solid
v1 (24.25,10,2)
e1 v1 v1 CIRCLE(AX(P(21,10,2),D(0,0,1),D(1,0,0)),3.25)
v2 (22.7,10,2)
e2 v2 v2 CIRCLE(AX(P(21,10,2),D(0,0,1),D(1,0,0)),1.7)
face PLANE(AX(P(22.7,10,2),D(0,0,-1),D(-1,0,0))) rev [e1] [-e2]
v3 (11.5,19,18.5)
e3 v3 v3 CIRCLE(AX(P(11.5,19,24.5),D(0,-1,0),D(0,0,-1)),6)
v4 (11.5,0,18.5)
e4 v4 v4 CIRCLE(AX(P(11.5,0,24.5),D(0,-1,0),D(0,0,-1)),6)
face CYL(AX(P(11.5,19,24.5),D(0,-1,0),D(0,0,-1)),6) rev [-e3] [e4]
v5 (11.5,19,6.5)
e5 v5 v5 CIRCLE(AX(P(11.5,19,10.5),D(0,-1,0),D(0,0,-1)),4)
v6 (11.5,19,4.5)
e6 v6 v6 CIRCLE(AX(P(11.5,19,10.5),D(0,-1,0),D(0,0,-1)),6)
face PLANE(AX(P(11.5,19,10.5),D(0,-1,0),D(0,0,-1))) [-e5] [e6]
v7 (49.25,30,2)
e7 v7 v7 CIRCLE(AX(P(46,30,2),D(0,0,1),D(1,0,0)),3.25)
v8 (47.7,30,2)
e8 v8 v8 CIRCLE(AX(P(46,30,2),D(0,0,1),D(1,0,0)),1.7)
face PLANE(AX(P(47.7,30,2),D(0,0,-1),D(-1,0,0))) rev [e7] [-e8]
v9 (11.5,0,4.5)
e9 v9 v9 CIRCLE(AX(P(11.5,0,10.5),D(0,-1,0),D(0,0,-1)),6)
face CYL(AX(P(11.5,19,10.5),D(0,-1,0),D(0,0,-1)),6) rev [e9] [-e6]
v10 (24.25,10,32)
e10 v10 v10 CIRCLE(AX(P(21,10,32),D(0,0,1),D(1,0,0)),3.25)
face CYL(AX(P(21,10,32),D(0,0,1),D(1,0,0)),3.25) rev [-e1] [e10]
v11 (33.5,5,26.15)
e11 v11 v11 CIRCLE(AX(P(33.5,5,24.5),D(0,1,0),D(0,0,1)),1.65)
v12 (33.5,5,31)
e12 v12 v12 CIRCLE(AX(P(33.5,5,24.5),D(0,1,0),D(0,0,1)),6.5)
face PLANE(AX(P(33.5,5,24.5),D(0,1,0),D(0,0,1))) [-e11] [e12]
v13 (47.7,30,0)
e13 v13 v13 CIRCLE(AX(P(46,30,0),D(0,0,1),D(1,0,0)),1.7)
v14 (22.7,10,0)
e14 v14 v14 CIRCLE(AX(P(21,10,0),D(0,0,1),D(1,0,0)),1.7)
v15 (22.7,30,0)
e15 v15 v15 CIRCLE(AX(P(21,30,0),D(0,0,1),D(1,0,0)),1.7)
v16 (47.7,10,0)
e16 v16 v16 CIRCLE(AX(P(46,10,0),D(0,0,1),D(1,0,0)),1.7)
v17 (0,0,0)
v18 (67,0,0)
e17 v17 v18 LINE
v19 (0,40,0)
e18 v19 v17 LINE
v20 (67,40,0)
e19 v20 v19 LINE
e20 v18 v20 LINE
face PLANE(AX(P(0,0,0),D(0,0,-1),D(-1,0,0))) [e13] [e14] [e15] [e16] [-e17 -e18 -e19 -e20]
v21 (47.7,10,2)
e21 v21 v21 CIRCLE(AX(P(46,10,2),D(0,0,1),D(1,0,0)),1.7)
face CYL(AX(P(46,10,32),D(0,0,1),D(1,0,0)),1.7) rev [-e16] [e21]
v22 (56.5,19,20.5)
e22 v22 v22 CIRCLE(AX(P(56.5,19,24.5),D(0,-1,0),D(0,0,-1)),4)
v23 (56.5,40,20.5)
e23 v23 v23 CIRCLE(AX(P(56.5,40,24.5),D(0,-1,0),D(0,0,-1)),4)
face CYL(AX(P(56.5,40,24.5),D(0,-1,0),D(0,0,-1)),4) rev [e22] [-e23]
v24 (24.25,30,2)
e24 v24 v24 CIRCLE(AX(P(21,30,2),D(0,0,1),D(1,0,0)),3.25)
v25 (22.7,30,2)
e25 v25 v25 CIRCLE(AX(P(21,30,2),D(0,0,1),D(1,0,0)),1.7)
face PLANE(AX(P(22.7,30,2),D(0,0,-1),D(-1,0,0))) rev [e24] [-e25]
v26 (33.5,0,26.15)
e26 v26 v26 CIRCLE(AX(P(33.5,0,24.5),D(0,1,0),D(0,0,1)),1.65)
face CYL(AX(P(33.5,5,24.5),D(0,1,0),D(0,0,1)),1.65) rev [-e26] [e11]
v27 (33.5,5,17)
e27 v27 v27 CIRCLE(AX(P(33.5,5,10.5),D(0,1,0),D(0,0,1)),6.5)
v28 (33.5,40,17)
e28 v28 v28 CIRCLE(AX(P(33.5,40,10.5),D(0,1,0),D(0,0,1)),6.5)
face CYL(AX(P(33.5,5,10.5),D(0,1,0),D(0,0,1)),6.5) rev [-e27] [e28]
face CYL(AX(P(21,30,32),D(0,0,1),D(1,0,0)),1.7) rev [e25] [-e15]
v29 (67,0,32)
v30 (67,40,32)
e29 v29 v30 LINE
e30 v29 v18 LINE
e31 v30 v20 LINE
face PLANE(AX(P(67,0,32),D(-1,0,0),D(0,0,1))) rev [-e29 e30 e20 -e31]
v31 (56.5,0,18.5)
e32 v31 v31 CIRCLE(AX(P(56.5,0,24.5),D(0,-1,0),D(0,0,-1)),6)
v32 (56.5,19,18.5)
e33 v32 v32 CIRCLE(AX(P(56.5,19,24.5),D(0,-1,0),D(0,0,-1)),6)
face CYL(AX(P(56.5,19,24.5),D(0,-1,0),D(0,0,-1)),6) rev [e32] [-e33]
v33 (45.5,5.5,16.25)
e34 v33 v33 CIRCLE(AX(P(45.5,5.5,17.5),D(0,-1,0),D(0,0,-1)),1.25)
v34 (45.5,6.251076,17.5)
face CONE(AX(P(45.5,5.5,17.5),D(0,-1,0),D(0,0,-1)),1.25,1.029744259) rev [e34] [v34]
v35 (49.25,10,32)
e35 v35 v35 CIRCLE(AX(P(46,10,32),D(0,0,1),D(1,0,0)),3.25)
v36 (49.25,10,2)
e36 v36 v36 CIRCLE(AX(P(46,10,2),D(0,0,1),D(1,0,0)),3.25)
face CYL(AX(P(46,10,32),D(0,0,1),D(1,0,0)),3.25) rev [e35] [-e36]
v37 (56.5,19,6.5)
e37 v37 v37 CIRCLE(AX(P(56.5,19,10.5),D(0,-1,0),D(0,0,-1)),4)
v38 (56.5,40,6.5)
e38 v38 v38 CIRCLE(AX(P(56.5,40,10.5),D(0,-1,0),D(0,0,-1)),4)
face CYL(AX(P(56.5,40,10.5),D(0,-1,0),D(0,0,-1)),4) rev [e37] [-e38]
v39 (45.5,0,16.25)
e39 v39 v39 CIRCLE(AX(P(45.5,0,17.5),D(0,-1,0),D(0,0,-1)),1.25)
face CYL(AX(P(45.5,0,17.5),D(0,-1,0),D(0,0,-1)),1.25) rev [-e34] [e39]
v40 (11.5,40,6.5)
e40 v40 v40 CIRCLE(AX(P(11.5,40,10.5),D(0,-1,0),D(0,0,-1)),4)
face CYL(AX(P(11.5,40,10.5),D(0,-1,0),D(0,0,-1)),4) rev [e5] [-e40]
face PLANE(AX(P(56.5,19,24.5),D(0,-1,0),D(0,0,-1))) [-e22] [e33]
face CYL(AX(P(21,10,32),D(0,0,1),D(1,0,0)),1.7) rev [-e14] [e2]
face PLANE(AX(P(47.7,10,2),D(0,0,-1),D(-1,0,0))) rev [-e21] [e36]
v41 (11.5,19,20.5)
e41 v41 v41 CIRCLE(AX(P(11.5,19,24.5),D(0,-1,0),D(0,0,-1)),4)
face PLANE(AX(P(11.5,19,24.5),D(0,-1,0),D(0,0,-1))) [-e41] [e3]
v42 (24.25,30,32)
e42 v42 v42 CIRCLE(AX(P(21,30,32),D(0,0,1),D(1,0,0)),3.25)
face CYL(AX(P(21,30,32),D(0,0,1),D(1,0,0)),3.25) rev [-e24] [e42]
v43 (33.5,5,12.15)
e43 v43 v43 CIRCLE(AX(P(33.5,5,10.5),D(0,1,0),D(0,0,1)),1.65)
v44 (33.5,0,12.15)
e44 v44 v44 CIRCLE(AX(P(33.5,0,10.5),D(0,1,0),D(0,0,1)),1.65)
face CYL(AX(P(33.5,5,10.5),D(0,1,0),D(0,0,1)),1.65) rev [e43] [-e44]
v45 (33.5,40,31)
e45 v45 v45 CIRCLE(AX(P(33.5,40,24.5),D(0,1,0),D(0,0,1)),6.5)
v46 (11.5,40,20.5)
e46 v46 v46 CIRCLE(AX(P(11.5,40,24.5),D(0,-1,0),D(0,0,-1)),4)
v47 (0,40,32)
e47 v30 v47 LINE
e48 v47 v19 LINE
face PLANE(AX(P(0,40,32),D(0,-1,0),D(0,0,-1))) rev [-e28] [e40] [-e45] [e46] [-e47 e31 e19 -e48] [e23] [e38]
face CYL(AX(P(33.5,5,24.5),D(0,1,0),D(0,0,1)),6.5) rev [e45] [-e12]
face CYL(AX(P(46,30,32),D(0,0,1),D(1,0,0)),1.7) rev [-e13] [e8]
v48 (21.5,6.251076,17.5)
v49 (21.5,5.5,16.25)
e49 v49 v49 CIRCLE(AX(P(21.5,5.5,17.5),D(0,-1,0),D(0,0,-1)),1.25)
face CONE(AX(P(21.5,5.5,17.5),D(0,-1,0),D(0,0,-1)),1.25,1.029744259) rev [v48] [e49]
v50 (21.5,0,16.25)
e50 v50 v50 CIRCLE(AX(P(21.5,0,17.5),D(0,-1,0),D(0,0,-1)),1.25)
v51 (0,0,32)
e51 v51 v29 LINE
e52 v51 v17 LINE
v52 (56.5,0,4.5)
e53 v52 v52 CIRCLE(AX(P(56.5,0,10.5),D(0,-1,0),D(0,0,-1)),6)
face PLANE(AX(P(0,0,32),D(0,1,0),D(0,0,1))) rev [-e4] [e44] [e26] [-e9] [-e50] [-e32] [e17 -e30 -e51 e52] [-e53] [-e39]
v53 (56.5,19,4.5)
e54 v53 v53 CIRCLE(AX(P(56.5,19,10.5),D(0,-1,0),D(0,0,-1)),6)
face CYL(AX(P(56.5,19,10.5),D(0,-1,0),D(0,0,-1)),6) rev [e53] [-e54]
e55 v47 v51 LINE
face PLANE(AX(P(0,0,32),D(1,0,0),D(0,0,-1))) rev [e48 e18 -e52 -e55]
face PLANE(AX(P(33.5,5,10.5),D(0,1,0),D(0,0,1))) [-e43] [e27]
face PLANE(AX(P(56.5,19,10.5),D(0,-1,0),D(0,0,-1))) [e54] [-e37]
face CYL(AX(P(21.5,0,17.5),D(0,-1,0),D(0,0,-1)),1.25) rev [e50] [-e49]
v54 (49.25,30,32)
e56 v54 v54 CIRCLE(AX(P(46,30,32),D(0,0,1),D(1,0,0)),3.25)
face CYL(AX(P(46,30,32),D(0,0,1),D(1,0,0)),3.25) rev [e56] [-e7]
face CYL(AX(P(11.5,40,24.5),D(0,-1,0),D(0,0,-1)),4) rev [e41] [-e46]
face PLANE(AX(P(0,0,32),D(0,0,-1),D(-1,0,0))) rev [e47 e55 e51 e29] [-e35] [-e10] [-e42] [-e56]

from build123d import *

# Parameters (mm, degrees)
SKETCH1_W                      = 67
SKETCH1_H                      = 40
BOSS_EXTRUDE1_DEPTH            = 32
SKETCH2_R                      = 6
CUT_EXTRUDE1_DEPTH             = 19
SKETCH4_R                      = 4
CUT_EXTRUDE2_DEPTH             = 22
LPATTERN1_COUNT                = 2
LPATTERN1_PITCH                = 45
LPATTERN1_COUNT_DIR2           = 2
LPATTERN1_PITCH_DIR2           = 14
SKETCH5_R                      = 6.5
CUT_EXTRUDE3_DEPTH             = 35
M4X0_7_TAPPED_HOLE1_D          = 3.3
CBORE_FOR_M3_SHCS1_D           = 3.4
CBORE_FOR_M3_SHCS1_CBORE_D     = 6.5
CBORE_FOR_M3_SHCS1_CBORE_DEPTH = 30
LPATTERN2_COUNT                = 2
LPATTERN2_PITCH                = 25
LPATTERN2_COUNT_DIR2           = 2
LPATTERN2_PITCH_DIR2           = 20
M3X0_5_TAPPED_HOLE1_D          = 2.5
M3X0_5_TAPPED_HOLE1_DEPTH      = 5.5
M3X0_5_TAPPED_HOLE1_TIP        = 0.751075774


with BuildPart() as part:
    # Sketch1 → Boss-Extrude1 (new body)
    with BuildSketch(Plane.XY):
        with Locations((33.5, 20)):
            Rectangle(SKETCH1_W, SKETCH1_H)
    extrude(amount=BOSS_EXTRUDE1_DEPTH)

    # Sketch2 → Cut-Extrude1 (cut)
    with BuildSketch(Plane.XZ):
        with Locations((11.5, 24.5)):
            Circle(SKETCH2_R)
    cut_extrude1 = extrude(amount=-CUT_EXTRUDE1_DEPTH, mode=Mode.SUBTRACT)

    # Sketch4 → Cut-Extrude2 (cut, through all)
    with BuildSketch(Plane.XZ.offset(-19)):
        with Locations((11.5, 24.5)):
            Circle(SKETCH4_R)
    cut_extrude2 = extrude(amount=-CUT_EXTRUDE2_DEPTH, mode=Mode.SUBTRACT)

    # LPattern1: Cut-Extrude1, Cut-Extrude2 2 × 2
    with Locations(*[(i * LPATTERN1_PITCH, 0, -j * LPATTERN1_PITCH_DIR2) for i in range(LPATTERN1_COUNT) for j in range(LPATTERN1_COUNT_DIR2) if (i, j) != (0, 0)]):
        add(cut_extrude1, mode=Mode.SUBTRACT)
        add(cut_extrude2, mode=Mode.SUBTRACT)

    # Sketch5 → Cut-Extrude3 (cut)
    with BuildSketch(Plane(origin=(0, 40, 0), x_dir=(1, 0, 0), z_dir=(0, 1, 0))):
        with Locations((33.5, -10.5)):
            Circle(SKETCH5_R)
        with Locations((33.5, -24.5)):
            Circle(SKETCH5_R)
    extrude(amount=-CUT_EXTRUDE3_DEPTH, mode=Mode.SUBTRACT)

    # M4x0.7 Tapped Hole1 (through all)
    with Locations(Plane(origin=(0, 5, 0), x_dir=(1, 0, 0), z_dir=(0, 1, 0))):
        with Locations((33.5, -24.5), (33.5, -10.5)):
            Hole(M4X0_7_TAPPED_HOLE1_D / 2)

    # CBORE for M3 SHCS1 (through all)
    with Locations(Plane.XY.offset(32)):
        with Locations((21, 30)):
            cbore_for_m3_shcs1 = CounterBoreHole(CBORE_FOR_M3_SHCS1_D / 2, CBORE_FOR_M3_SHCS1_CBORE_D / 2, CBORE_FOR_M3_SHCS1_CBORE_DEPTH)

    # LPattern2: CBORE for M3 SHCS1 2 × 2
    with Locations(*[(i * LPATTERN2_PITCH, -j * LPATTERN2_PITCH_DIR2, 0) for i in range(LPATTERN2_COUNT) for j in range(LPATTERN2_COUNT_DIR2) if (i, j) != (0, 0)]):
        add(cbore_for_m3_shcs1, mode=Mode.SUBTRACT)

    # M3x0.5 Tapped Hole1
    with Locations(Plane(origin=(0, 0, 0), x_dir=(-1, 0, 0), z_dir=(0, -1, 0))):
        with Locations((-45.5, -17.5), (-21.5, -17.5)):
            Hole(M3X0_5_TAPPED_HOLE1_D / 2, depth=M3X0_5_TAPPED_HOLE1_DEPTH)
            with Locations((0, 0, -(M3X0_5_TAPPED_HOLE1_DEPTH + M3X0_5_TAPPED_HOLE1_TIP / 2))):  # 118° drill point
                Cone(0, M3X0_5_TAPPED_HOLE1_D / 2, M3X0_5_TAPPED_HOLE1_TIP, mode=Mode.SUBTRACT)


solid = part.part
